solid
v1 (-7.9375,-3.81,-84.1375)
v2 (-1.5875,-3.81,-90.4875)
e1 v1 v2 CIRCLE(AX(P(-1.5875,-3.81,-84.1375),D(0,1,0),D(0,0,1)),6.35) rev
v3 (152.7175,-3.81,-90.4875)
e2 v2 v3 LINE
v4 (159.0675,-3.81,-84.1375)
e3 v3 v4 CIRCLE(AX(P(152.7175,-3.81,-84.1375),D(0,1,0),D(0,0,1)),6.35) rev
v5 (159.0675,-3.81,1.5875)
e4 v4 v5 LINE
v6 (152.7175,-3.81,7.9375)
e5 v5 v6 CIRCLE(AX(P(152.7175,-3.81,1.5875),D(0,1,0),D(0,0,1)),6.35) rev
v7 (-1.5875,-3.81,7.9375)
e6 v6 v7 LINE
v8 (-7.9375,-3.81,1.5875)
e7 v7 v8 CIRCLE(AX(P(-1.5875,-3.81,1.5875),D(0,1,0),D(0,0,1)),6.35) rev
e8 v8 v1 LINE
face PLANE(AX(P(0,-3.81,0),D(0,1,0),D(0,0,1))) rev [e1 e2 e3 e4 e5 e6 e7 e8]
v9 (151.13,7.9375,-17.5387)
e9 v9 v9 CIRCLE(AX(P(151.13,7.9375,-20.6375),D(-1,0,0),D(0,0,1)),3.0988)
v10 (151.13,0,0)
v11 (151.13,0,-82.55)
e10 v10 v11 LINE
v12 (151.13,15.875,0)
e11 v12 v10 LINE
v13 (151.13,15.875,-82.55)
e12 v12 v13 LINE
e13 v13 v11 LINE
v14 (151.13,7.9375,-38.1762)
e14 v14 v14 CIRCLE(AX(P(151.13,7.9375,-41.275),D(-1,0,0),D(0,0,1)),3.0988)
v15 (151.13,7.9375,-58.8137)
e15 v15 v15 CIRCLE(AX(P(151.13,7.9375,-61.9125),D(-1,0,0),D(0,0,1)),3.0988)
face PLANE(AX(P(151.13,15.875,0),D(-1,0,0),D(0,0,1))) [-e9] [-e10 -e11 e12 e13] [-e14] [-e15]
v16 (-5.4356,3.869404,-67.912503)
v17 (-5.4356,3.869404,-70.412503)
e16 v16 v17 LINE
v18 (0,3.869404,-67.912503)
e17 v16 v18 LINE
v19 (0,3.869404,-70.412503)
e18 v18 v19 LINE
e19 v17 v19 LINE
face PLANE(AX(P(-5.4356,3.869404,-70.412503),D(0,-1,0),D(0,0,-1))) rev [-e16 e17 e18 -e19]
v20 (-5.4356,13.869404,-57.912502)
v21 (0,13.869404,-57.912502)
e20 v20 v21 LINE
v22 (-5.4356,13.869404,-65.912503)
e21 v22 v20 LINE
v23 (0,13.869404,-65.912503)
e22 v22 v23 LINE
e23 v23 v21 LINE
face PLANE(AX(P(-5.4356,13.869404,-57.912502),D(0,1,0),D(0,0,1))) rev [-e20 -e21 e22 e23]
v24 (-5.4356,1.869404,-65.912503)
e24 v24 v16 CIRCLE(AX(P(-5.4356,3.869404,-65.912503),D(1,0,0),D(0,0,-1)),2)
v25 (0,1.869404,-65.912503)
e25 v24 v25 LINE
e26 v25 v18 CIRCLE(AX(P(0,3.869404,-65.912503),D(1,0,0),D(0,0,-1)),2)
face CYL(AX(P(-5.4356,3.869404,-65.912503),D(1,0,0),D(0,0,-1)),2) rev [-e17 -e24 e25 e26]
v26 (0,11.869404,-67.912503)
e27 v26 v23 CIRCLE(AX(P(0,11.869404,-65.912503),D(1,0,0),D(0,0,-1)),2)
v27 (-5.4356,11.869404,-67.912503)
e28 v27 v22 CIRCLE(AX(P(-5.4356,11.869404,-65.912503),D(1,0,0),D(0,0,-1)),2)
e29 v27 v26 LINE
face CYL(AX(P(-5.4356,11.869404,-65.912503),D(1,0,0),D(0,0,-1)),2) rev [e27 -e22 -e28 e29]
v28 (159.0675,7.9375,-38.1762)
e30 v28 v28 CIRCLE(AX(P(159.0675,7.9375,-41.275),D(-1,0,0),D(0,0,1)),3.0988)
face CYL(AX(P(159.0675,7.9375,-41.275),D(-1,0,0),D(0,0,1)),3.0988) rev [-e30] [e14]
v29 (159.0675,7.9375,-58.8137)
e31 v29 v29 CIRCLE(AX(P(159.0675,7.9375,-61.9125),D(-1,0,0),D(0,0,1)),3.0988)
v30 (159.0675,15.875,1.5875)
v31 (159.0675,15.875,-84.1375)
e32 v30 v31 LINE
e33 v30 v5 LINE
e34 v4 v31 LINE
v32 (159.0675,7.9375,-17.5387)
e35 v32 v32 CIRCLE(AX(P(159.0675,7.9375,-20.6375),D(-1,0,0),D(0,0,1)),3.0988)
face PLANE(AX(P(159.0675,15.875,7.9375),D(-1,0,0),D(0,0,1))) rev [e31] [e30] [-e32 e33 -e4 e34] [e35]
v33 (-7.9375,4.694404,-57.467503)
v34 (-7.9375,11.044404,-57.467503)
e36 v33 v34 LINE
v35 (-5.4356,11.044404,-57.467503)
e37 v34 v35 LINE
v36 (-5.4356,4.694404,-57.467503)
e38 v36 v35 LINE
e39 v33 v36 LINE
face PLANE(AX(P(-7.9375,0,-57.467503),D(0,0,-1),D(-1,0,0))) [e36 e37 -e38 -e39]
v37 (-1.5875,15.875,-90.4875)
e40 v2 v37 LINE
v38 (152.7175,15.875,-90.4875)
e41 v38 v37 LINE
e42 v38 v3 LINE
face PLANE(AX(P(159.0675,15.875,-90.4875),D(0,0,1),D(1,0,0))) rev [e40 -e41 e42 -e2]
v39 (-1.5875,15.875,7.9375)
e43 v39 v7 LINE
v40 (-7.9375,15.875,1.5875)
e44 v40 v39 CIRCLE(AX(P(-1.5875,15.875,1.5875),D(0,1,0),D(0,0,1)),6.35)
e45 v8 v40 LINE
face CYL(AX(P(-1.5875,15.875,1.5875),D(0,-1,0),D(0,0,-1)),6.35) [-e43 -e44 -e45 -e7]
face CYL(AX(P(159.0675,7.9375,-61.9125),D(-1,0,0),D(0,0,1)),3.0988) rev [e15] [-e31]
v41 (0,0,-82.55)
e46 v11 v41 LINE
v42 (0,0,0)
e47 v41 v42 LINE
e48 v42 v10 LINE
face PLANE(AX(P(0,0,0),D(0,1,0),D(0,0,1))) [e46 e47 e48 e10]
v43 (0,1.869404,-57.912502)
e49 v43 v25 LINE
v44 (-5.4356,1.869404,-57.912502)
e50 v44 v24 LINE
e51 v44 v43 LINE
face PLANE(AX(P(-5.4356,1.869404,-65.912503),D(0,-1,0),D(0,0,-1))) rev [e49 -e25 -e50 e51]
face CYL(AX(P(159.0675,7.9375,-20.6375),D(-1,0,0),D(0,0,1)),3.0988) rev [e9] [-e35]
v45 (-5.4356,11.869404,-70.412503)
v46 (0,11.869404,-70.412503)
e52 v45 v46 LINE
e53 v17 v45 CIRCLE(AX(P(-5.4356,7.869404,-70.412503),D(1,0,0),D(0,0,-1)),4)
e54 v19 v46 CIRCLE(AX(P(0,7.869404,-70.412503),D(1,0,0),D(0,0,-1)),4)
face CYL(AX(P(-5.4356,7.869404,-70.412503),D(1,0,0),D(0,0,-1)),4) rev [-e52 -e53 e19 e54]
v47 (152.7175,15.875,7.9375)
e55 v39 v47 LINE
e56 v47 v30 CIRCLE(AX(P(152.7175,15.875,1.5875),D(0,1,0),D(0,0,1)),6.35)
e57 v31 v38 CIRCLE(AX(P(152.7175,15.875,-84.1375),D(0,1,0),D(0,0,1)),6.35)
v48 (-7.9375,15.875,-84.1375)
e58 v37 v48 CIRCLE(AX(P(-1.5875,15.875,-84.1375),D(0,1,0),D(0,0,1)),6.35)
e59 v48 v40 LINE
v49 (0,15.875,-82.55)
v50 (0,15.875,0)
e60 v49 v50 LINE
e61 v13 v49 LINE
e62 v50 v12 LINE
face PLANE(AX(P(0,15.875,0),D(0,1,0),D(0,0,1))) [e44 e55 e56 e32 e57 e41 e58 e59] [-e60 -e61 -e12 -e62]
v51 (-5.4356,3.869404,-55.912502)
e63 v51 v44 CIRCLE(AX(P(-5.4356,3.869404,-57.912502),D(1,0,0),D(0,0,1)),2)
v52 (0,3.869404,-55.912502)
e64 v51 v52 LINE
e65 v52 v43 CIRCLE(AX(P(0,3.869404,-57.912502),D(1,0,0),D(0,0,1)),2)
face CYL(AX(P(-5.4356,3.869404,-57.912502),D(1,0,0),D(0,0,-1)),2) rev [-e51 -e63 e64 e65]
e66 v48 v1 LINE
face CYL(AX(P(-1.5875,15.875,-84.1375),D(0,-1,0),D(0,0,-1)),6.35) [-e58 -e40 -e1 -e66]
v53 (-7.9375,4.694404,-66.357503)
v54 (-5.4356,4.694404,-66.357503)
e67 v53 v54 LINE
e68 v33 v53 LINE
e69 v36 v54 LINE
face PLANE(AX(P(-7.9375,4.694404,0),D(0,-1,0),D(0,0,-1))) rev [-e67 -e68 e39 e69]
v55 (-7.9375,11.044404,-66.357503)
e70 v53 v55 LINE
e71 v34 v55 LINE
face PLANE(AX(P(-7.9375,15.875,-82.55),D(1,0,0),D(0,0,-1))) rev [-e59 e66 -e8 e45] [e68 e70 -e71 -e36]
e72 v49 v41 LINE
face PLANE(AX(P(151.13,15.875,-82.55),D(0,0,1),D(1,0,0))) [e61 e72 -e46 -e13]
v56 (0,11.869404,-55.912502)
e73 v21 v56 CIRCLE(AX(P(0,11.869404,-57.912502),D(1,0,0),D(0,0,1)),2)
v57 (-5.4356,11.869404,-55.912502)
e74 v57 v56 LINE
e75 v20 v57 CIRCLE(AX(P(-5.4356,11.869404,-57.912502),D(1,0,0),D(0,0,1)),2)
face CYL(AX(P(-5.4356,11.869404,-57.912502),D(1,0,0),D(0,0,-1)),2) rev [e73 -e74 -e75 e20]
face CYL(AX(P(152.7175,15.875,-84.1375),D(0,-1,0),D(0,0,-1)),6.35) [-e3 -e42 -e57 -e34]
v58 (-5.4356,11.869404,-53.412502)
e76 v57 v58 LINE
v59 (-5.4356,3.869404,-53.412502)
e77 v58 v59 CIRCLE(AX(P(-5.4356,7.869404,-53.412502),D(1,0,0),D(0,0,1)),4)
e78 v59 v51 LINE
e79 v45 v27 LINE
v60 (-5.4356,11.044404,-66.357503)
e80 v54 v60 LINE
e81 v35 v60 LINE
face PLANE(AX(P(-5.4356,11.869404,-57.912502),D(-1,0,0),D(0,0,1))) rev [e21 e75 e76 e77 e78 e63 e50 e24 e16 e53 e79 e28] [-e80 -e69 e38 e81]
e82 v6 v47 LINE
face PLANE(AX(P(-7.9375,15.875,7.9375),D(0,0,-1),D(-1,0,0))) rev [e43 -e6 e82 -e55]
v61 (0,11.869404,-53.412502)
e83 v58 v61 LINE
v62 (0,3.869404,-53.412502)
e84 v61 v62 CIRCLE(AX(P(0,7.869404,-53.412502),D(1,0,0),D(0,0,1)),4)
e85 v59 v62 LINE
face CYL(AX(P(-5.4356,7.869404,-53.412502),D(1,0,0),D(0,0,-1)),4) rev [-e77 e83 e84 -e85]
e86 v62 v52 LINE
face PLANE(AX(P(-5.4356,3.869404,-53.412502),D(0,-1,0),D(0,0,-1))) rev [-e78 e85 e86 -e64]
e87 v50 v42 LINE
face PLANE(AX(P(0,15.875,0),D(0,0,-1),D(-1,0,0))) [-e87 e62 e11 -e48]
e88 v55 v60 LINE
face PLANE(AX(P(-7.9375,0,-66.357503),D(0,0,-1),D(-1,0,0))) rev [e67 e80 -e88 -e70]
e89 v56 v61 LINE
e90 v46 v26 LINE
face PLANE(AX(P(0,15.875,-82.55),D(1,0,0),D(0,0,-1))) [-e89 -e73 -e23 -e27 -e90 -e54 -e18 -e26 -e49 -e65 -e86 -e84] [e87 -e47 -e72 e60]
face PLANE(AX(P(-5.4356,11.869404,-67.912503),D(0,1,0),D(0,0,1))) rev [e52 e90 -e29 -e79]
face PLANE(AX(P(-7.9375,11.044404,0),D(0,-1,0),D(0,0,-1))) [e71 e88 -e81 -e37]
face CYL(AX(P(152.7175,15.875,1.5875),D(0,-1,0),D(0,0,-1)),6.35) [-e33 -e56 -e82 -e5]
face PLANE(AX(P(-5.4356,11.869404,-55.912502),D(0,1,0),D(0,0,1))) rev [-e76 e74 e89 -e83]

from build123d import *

# Parameters (mm, degrees)
SKETCH1_W           = 151.13
SKETCH1_H           = 82.55
BOSS_EXTRUDE1_DEPTH = 15.875
SKETCH2_W           = 167.005
SKETCH2_H           = 98.425
BOSS_EXTRUDE2_DEPTH = 3.81
FILLET2_R           = 6.35
CUT_EXTRUDE1_DEPTH  = 184.691243225
CUT_EXTRUDE3_DEPTH  = 5.4356
SKETCH5_W           = 8.89
SKETCH5_H           = 6.35
CUT_EXTRUDE4_DEPTH  = 189.417815482


with BuildPart() as part:
    # Sketch1 → Boss-Extrude1 (new body)
    with BuildSketch(Plane(origin=(0, 0, 0), x_dir=(1, 0, 0), z_dir=(0, 1, 0))):
        Polygon((-7.9375, 82.55), (-7.9375, -7.9375), (159.0675, -7.9375), (159.0675, 90.4875), (-7.9375, 90.4875), align=None)
        with Locations((75.565, 41.275)):
            Rectangle(SKETCH1_W, SKETCH1_H, mode=Mode.SUBTRACT)
    extrude(amount=BOSS_EXTRUDE1_DEPTH)

    # Sketch2 → Boss-Extrude2 (add)
    with BuildSketch(Plane.XZ):
        with Locations((75.565, -41.275)):
            Rectangle(SKETCH2_W, SKETCH2_H)
    extrude(amount=BOSS_EXTRUDE2_DEPTH)

    # Fillet2
    fillet2_edges = [part.edges().sort_by_distance(p)[0] for p in [
        (-7.9375, 6.0325, 7.9375),
        (-7.9375, 6.0325, -90.4875),
        (159.0675, 6.0325, -90.4875),
        (159.0675, 6.0325, 7.9375),
    ]]
    fillet(fillet2_edges, radius=FILLET2_R)

    # Sketch3 → Cut-Extrude1 (cut, through all)
    with BuildSketch(Plane.ZY.offset(-151.13)):
        with BuildLine():
            ThreePointArc((-58.8137, 7.9375), (-61.9125, 11.0363), (-65.0113, 7.9375))
            Line((-65.0113, 7.9375), (-58.8137, 7.9375))
        make_face()
        with BuildLine():
            Line((-58.8137, 7.9375), (-65.0113, 7.9375))
            ThreePointArc((-65.0113, 7.9375), (-61.9125, 4.8387), (-58.8137, 7.9375))
        make_face()
        with BuildLine():
            Line((-41.275, 7.9375), (-41.275, 11.0363))
            ThreePointArc((-41.275, 11.0363), (-43.466182494, 10.128682494), (-44.3738, 7.9375))
            Line((-44.3738, 7.9375), (-41.275, 7.9375))
        make_face()
        with BuildLine():
            Line((-41.275, 4.8387), (-41.275, 7.9375))
            Line((-41.275, 7.9375), (-44.3738, 7.9375))
            ThreePointArc((-44.3738, 7.9375), (-43.466182494, 5.746317506), (-41.275, 4.8387))
        make_face()
        with BuildLine():
            ThreePointArc((-38.1762, 7.9375), (-39.083817506, 10.128682494), (-41.275, 11.0363))
            Line((-41.275, 11.0363), (-41.275, 7.9375))
            Line((-41.275, 7.9375), (-38.1762, 7.9375))
        make_face()
        with BuildLine():
            Line((-38.1762, 7.9375), (-41.275, 7.9375))
            Line((-41.275, 7.9375), (-41.275, 4.8387))
            ThreePointArc((-41.275, 4.8387), (-39.083817506, 5.746317506), (-38.1762, 7.9375))
        make_face()
        with BuildLine():
            ThreePointArc((-23.7363, 7.9375), (-20.6375, 4.8387), (-17.5387, 7.9375))
            Line((-17.5387, 7.9375), (-23.7363, 7.9375))
        make_face()
        with BuildLine():
            Line((-23.7363, 7.9375), (-17.5387, 7.9375))
            ThreePointArc((-17.5387, 7.9375), (-20.6375, 11.0363), (-23.7363, 7.9375))
        make_face()
    extrude(amount=-CUT_EXTRUDE1_DEPTH, mode=Mode.SUBTRACT)

    # Sketch4 → Cut-Extrude3 (cut)
    with BuildSketch(Plane(origin=(0, 0, 0), x_dir=(0, 0, -1), z_dir=(1, 0, 0))):
        with BuildLine():
            Line((57.912502484, 13.869404287), (65.912502516, 13.869404287))
            ThreePointArc((65.912502516, 13.869404287), (67.326716079, 13.28361785), (67.912502516, 11.869404287))
            Line((67.912502516, 11.869404287), (70.412502516, 11.869404287))
            ThreePointArc((70.412502516, 11.869404287), (74.412502516, 7.869404287), (70.412502516, 3.869404287))
            Line((70.412502516, 3.869404287), (67.912502516, 3.869404287))
            ThreePointArc((67.912502516, 3.869404287), (67.326716079, 2.455190725), (65.912502516, 1.869404287))
            Line((65.912502516, 1.869404287), (57.912502484, 1.869404287))
            ThreePointArc((57.912502484, 1.869404287), (56.498288921, 2.455190725), (55.912502484, 3.869404287))
            Line((55.912502484, 3.869404287), (53.412502484, 3.869404287))
            ThreePointArc((53.412502484, 3.869404287), (49.412502484, 7.869404287), (53.412502484, 11.869404287))
            Line((53.412502484, 11.869404287), (55.912502484, 11.869404287))
            ThreePointArc((55.912502484, 11.869404287), (56.498288921, 13.28361785), (57.912502484, 13.869404287))
        make_face()
    extrude(amount=-CUT_EXTRUDE3_DEPTH, mode=Mode.SUBTRACT)

    # Sketch5 → Cut-Extrude4 (cut, through all)
    with BuildSketch(Plane(origin=(-5.4356, 0, 0), x_dir=(0, 0, -1), z_dir=(1, 0, 0))):
        with Locations((61.9125025, 7.869404287)):
            Rectangle(SKETCH5_W, SKETCH5_H)
    extrude(amount=-CUT_EXTRUDE4_DEPTH, mode=Mode.SUBTRACT)


solid = part.part
